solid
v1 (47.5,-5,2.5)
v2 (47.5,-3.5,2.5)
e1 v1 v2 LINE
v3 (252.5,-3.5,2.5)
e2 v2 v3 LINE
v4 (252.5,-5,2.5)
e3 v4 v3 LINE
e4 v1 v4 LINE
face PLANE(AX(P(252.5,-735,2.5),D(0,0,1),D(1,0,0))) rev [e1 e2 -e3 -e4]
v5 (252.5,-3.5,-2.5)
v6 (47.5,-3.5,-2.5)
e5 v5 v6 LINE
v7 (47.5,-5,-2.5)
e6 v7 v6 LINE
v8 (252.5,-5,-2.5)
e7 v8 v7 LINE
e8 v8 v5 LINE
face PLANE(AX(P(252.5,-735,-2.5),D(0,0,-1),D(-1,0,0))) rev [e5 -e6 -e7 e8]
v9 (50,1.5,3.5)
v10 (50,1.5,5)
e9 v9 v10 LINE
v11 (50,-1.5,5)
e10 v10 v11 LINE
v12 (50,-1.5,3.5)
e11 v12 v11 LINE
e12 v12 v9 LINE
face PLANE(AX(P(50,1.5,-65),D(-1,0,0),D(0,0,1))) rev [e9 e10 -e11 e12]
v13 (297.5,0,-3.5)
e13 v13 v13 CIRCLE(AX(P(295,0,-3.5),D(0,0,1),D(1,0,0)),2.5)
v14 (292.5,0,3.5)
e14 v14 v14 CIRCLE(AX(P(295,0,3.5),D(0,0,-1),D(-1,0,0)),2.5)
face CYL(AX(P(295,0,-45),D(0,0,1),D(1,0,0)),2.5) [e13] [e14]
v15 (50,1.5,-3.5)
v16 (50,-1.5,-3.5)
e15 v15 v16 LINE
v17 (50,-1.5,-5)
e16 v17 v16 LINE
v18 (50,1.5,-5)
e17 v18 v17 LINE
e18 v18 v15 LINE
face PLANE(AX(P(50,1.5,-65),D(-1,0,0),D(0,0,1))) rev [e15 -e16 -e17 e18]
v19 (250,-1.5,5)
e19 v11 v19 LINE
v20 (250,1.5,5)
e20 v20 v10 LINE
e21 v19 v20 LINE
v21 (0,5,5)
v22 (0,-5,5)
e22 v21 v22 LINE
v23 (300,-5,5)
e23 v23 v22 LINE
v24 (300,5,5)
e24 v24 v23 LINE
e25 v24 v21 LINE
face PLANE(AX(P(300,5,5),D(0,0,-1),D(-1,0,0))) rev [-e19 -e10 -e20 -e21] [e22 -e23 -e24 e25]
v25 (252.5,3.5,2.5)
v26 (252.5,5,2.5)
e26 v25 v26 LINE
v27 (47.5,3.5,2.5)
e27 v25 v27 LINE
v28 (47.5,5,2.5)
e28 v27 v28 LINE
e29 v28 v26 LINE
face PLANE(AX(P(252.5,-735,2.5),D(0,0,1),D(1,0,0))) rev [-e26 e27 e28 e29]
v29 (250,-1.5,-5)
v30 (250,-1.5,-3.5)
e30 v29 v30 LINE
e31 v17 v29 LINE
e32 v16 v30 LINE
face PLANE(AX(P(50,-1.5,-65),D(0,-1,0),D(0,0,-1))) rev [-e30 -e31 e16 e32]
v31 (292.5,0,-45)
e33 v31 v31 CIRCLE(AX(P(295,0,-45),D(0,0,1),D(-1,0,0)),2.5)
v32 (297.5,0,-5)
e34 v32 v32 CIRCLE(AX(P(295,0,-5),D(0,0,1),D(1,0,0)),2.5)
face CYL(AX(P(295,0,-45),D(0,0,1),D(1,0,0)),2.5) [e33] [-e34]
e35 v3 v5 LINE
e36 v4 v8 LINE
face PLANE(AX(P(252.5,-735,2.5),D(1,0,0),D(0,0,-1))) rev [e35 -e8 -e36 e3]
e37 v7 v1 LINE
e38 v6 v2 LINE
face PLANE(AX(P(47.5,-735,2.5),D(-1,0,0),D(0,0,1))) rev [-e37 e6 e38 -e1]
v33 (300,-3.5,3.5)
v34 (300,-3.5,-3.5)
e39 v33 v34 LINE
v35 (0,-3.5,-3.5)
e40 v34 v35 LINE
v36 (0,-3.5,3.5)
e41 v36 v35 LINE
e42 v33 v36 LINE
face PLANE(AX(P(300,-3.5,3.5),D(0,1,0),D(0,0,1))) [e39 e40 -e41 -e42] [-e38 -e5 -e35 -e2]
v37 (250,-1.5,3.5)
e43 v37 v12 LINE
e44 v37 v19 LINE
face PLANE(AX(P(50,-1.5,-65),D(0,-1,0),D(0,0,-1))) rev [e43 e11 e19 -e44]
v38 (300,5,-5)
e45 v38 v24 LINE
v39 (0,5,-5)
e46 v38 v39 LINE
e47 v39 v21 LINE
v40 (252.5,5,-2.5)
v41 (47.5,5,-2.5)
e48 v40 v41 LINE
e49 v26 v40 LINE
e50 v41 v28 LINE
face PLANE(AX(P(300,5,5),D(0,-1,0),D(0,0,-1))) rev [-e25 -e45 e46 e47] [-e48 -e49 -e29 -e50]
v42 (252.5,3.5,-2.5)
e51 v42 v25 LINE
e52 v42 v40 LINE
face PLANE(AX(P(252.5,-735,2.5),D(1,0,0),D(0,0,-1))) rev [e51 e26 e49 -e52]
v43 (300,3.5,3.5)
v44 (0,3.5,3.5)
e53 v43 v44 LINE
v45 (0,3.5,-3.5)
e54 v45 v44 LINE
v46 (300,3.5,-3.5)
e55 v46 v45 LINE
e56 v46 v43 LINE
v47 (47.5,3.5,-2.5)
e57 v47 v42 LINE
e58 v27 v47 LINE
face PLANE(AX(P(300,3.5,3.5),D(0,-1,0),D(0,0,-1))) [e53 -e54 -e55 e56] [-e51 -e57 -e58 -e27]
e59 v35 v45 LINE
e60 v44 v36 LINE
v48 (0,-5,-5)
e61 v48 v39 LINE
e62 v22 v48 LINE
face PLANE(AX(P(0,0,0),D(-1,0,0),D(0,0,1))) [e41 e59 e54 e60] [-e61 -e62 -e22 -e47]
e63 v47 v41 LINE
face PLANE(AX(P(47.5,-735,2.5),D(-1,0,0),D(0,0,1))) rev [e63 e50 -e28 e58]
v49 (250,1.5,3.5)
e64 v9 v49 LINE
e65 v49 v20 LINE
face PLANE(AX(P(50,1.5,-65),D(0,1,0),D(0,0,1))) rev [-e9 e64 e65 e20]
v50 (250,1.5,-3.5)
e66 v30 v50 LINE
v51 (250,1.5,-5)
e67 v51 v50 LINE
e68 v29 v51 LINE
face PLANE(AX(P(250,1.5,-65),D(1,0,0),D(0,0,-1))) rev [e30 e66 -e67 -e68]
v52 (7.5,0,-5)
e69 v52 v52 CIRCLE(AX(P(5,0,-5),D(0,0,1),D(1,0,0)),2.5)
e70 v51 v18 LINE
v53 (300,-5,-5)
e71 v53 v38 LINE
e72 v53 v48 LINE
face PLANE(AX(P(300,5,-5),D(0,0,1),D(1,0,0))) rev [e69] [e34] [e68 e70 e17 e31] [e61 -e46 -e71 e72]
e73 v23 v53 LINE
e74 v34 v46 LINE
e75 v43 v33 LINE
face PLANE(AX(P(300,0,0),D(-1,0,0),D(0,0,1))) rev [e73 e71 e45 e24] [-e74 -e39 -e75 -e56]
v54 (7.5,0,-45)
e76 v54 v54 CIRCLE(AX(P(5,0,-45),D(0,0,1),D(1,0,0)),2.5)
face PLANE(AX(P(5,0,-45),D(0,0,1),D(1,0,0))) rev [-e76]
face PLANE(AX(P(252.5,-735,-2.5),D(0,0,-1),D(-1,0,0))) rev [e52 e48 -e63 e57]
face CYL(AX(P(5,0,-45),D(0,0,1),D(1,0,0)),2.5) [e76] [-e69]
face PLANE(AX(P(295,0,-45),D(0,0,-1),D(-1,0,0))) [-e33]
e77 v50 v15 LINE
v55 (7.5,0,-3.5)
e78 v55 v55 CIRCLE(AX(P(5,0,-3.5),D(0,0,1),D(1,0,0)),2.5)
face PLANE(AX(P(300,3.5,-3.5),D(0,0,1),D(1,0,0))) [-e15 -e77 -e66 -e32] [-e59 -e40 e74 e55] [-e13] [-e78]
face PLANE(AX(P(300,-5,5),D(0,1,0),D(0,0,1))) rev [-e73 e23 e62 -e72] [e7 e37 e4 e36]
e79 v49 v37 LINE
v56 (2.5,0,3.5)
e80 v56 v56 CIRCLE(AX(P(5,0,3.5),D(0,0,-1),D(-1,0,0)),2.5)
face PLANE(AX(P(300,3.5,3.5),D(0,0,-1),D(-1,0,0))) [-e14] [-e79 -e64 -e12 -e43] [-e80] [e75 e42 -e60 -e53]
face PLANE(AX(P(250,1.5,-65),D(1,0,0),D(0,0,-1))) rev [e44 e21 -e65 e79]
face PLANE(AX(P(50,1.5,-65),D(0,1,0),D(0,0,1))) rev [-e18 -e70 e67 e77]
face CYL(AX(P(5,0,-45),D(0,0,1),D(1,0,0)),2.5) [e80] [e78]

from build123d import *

# Parameters (mm, degrees)
SKETCH13_W          = 10
SKETCH13_H          = 10
SKETCH13_W_2        = 7
SKETCH13_H_2        = 7
BOSS_EXTRUDE1_DEPTH = 300
SKETCH15_W          = 205
SKETCH15_H          = 5
CUT_EXTRUDE1_DEPTH  = 740
SKETCH16_R          = 2.5
BOSS_EXTRUDE3_DEPTH = 50
SKETCH17_W          = 200
SKETCH17_H          = 3
CUT_EXTRUDE2_DEPTH  = 70


with BuildPart() as part:
    # Sketch13 → Boss-Extrude1 (new body)
    with BuildSketch(Plane.YZ):
        Rectangle(SKETCH13_W, SKETCH13_H)
        Rectangle(SKETCH13_W_2, SKETCH13_H_2, mode=Mode.SUBTRACT)
    extrude(amount=BOSS_EXTRUDE1_DEPTH)

    # Sketch15 → Cut-Extrude1 (cut)
    with BuildSketch(Plane(origin=(0, 5, 0), x_dir=(-1, 0, 0), z_dir=(0, 1, 0))):
        with Locations((-150, 0)):
            Rectangle(SKETCH15_W, SKETCH15_H)
    extrude(amount=-CUT_EXTRUDE1_DEPTH, mode=Mode.SUBTRACT)

    # Sketch16 → Boss-Extrude3 (add)
    with BuildSketch(Plane.XY.offset(5)):
        with Locations((5, 0)):
            Circle(SKETCH16_R)
        with Locations((295, 0)):
            Circle(SKETCH16_R)
    extrude(amount=-BOSS_EXTRUDE3_DEPTH)

    # Sketch17 → Cut-Extrude2 (cut)
    with BuildSketch(Plane.XY.offset(5)):
        with Locations((150, 0)):
            Rectangle(SKETCH17_W, SKETCH17_H)
    extrude(amount=-CUT_EXTRUDE2_DEPTH, mode=Mode.SUBTRACT)


solid = part.part
